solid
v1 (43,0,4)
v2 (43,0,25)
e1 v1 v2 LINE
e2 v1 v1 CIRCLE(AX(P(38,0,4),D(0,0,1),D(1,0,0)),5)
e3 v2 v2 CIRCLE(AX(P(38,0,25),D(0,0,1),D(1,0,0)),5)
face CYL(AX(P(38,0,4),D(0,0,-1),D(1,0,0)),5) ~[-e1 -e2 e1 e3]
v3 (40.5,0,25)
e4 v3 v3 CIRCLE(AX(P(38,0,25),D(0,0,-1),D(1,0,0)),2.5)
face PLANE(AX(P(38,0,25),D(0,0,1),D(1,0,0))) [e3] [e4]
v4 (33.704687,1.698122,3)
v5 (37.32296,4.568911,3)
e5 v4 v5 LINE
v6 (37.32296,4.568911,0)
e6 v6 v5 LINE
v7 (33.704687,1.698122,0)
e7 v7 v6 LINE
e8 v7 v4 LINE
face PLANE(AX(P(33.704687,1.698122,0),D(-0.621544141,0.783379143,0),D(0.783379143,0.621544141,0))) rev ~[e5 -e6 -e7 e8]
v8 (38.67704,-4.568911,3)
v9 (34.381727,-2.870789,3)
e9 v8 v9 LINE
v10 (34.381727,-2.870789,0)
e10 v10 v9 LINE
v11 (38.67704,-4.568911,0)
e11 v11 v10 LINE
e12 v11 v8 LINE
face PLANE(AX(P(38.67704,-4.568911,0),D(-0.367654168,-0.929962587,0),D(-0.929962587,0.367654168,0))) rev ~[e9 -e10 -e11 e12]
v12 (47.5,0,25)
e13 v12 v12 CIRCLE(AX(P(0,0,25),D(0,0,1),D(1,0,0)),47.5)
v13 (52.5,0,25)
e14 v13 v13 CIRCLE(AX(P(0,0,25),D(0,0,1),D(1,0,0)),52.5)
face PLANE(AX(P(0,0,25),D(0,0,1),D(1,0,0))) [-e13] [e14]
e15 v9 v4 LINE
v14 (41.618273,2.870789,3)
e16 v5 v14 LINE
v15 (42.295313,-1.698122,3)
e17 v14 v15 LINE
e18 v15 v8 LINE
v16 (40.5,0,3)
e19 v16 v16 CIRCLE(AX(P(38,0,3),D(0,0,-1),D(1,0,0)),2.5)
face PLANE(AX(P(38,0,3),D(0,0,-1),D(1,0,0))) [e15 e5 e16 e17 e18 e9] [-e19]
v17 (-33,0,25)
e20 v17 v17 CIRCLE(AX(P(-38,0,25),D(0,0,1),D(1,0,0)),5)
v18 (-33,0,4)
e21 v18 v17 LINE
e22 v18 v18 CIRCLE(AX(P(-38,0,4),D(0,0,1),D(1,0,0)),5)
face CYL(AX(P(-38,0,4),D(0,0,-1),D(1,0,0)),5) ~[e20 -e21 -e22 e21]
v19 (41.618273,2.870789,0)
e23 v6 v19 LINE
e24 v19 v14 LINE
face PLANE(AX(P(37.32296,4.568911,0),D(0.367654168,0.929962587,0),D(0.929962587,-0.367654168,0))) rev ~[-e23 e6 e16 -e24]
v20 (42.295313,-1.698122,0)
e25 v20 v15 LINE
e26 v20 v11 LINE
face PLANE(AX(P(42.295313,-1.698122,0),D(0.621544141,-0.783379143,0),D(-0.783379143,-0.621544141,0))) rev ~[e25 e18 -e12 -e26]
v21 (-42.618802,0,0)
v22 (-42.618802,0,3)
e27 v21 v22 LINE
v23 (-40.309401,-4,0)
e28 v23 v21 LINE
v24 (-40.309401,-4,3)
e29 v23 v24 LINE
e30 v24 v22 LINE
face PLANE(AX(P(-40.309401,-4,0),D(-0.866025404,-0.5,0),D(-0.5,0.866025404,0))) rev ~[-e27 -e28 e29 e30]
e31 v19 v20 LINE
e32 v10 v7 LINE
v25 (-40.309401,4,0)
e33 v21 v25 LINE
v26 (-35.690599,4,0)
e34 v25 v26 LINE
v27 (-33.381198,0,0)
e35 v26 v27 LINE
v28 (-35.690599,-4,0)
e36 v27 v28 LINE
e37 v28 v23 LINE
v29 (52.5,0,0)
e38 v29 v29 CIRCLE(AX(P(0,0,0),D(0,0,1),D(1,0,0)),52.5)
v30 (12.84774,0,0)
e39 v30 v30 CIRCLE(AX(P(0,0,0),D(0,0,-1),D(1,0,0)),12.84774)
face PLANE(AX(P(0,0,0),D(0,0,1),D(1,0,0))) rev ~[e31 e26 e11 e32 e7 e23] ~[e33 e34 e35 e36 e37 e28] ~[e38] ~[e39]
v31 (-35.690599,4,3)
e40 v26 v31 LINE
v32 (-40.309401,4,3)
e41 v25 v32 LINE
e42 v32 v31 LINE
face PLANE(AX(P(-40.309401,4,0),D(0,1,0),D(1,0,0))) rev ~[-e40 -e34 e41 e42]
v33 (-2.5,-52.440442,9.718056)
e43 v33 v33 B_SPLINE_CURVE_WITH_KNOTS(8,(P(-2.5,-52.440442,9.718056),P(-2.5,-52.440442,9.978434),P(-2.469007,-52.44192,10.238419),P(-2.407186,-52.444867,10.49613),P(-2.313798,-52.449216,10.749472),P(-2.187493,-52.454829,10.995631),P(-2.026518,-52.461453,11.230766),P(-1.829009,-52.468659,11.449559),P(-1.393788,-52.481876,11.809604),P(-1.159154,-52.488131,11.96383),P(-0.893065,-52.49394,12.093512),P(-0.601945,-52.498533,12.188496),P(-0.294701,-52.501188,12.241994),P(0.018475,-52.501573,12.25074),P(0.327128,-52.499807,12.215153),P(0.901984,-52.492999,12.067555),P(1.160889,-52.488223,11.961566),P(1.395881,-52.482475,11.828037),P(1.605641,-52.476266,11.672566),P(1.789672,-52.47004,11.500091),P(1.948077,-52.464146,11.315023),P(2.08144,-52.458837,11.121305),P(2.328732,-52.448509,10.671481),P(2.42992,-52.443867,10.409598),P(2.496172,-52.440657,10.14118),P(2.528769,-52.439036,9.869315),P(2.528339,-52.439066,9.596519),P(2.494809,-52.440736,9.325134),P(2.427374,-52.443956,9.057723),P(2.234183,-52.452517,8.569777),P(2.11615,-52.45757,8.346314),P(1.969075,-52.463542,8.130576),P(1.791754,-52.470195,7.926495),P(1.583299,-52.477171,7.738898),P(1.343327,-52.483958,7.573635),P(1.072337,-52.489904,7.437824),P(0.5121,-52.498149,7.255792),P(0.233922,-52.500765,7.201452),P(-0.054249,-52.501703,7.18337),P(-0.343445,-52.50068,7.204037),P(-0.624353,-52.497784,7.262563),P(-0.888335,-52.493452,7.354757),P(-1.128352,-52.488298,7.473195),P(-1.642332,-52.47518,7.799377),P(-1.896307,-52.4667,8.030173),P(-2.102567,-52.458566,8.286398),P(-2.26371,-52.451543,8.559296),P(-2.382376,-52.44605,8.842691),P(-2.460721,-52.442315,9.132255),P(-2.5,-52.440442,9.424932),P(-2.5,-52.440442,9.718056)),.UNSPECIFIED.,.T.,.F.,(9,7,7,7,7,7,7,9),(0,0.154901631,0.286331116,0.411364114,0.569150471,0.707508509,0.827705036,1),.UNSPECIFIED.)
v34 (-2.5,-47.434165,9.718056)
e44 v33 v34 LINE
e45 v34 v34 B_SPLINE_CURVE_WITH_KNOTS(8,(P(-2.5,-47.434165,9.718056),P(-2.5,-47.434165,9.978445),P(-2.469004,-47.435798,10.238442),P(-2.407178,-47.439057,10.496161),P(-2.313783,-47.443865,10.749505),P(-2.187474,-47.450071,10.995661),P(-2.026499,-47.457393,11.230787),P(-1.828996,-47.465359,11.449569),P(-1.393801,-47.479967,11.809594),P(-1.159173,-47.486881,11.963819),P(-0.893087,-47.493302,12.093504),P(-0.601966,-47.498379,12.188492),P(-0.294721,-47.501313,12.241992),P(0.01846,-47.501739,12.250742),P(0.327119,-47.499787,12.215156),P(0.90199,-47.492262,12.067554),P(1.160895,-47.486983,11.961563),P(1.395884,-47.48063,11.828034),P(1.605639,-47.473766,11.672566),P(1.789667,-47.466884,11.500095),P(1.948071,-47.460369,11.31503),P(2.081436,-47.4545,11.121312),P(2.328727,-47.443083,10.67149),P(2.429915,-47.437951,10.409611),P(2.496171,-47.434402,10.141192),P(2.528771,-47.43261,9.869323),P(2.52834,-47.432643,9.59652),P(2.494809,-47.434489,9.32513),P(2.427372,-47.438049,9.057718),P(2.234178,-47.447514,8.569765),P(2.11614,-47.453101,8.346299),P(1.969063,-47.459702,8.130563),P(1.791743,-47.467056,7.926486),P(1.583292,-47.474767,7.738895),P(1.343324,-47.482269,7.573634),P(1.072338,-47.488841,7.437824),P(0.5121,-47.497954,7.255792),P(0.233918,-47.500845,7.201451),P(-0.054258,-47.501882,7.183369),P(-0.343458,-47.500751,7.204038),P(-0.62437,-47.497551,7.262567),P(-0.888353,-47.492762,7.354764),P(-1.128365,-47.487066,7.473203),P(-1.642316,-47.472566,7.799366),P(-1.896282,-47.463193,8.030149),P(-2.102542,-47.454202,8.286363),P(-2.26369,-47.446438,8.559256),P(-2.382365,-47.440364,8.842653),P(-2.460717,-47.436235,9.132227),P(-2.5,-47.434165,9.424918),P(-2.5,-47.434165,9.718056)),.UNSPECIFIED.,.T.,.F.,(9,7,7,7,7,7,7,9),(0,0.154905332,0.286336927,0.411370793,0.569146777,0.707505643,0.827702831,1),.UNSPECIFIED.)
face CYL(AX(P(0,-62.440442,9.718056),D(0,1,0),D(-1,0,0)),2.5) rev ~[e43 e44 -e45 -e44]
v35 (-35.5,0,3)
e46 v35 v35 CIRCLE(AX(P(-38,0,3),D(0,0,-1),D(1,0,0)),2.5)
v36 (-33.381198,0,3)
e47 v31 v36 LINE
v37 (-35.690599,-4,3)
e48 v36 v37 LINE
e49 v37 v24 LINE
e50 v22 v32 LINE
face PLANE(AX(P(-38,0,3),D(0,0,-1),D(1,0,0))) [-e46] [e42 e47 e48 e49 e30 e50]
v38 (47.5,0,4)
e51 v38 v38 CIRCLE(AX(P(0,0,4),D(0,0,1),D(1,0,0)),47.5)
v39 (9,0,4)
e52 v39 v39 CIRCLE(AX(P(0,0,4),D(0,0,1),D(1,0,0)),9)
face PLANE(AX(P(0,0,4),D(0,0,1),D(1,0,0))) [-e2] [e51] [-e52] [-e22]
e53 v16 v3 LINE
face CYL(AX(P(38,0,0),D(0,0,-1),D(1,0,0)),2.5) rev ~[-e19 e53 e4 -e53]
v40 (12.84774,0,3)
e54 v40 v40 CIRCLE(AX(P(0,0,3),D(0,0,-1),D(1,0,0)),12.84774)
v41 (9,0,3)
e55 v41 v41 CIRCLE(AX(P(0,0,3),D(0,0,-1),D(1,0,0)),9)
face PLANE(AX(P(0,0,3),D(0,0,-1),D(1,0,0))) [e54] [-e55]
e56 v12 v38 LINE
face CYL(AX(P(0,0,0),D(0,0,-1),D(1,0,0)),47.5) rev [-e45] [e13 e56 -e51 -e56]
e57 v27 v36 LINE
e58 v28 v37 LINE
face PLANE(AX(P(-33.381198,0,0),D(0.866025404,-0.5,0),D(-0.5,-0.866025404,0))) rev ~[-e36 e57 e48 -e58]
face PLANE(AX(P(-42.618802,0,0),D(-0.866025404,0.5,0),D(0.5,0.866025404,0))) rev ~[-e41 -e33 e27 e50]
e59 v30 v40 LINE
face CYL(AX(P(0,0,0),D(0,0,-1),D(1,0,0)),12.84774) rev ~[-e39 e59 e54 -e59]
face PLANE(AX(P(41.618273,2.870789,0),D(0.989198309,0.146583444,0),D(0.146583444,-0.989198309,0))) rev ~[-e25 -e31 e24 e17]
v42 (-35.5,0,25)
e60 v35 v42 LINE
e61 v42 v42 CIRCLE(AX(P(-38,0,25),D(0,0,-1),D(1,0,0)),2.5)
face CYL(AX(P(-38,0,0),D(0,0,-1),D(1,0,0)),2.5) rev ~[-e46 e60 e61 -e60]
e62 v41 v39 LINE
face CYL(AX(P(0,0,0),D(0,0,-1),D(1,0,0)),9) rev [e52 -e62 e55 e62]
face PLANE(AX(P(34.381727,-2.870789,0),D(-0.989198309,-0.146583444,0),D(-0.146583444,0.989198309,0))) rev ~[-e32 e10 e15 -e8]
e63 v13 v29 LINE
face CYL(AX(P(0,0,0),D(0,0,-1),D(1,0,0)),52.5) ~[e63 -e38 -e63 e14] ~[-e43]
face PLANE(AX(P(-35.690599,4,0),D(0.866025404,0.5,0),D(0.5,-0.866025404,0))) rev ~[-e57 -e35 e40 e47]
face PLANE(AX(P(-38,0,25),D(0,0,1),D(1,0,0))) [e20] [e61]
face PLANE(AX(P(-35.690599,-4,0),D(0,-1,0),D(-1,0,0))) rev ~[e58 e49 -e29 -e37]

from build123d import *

# Parameters (mm, degrees)
F0_R      = 47.5
F0_R_2    = 2.5
F0_R_3    = 9
F1_DEPTH  = 4
F0_R_4    = 52.5
F2_DEPTH  = 22
F3_DEPTH  = 25
F5_R      = 12.8477395495
F6_DEPTH  = 3
F8_DEPTH  = 3
F9_R      = 5
F9_R_2    = 2.5
F10_DEPTH = 21
F4_R      = 2.5
F11_DEPTH = 30
F14_D     = 5
F14_DEPTH = 10
F14_START = 0.2595577
F14_TIP   = 1.5021515476


with BuildPart() as f1:
    # F0 (on Top) → F1 (new body)
    with BuildSketch(Plane.XY):
        Circle(F0_R)
        with Locations((-38, 0)):
            Circle(F0_R_2, mode=Mode.SUBTRACT)
        Circle(F0_R_3, mode=Mode.SUBTRACT)
        with Locations((38, 0)):
            Circle(F0_R_2, mode=Mode.SUBTRACT)
    extrude(amount=F1_DEPTH)

    # F0 (on Top) → F2 (join)
    with BuildSketch(Plane.XY):
        Circle(F0_R_4)
        Circle(F0_R, mode=Mode.SUBTRACT)
    extrude(amount=F2_DEPTH)

    # F0 (on Top) → F3 (join)
    with BuildSketch(Plane.XY):
        Circle(F0_R_4)
        Circle(F0_R, mode=Mode.SUBTRACT)
    extrude(amount=F3_DEPTH)

    # F5 (on face) → F6 (cut)
    with BuildSketch(Plane(origin=(0, 0, 0), x_dir=(1, 0, 0), z_dir=(0, 0, -1))):
        Circle(F5_R)
    extrude(amount=-F6_DEPTH, mode=Mode.SUBTRACT)

    # F7 (on face) → F8 (cut)
    with BuildSketch(Plane(origin=(0, 0, 0), x_dir=(1, 0, 0), z_dir=(0, 0, -1))):
        Polygon((37.3229600728, -4.5689112784), (41.6182732711, -2.8707894156), (42.2953131984, 1.6981218628), (38.6770399272, 4.5689112784), (34.3817267289, 2.8707894156), (33.7046868016, -1.6981218628), align=None)
        Polygon((-40.3094010768, -4), (-35.6905989232, -4), (-33.3811978465, 0), (-35.6905989232, 4), (-40.3094010768, 4), (-42.6188021535, 0), align=None)
    extrude(amount=-F8_DEPTH, mode=Mode.SUBTRACT)

    # F9 (on face) → F10 (join)
    with BuildSketch(Plane.XY.offset(4)):
        with Locations((38, 0)):
            Circle(F9_R)
        with Locations((38, 0)):
            Circle(F9_R_2, mode=Mode.SUBTRACT)
        with Locations((-38, 0)):
            Circle(F9_R)
        with Locations((-38, 0)):
            Circle(F9_R_2, mode=Mode.SUBTRACT)
        with Locations((38, 0)):
            Circle(F9_R_2)
        with Locations((-38, 0)):
            Circle(F9_R_2)
    extrude(amount=F10_DEPTH)

    # F4 (on face) → F11 (cut)
    with BuildSketch(Plane(origin=(0, 0, 0), x_dir=(1, 0, 0), z_dir=(0, 0, -1))):
        with Locations((-38, 0)):
            Circle(F4_R)
        with Locations((38, 0)):
            Circle(F4_R)
    extrude(amount=-F11_DEPTH, mode=Mode.SUBTRACT)

    # F14
    # its depths count from where the whole tool has entered the part; down to there all is cleared
    with Locations(Plane.XZ.offset(52.7).offset(-F14_START)):
        with Locations((0, 9.7180558369)):
            Hole(F14_D / 2, depth=F14_DEPTH)
            with Locations((0, 0, -(F14_DEPTH + F14_TIP / 2))):  # 118° drill point
                Cone(0, F14_D / 2, F14_TIP, mode=Mode.SUBTRACT)


solid = f1.part
